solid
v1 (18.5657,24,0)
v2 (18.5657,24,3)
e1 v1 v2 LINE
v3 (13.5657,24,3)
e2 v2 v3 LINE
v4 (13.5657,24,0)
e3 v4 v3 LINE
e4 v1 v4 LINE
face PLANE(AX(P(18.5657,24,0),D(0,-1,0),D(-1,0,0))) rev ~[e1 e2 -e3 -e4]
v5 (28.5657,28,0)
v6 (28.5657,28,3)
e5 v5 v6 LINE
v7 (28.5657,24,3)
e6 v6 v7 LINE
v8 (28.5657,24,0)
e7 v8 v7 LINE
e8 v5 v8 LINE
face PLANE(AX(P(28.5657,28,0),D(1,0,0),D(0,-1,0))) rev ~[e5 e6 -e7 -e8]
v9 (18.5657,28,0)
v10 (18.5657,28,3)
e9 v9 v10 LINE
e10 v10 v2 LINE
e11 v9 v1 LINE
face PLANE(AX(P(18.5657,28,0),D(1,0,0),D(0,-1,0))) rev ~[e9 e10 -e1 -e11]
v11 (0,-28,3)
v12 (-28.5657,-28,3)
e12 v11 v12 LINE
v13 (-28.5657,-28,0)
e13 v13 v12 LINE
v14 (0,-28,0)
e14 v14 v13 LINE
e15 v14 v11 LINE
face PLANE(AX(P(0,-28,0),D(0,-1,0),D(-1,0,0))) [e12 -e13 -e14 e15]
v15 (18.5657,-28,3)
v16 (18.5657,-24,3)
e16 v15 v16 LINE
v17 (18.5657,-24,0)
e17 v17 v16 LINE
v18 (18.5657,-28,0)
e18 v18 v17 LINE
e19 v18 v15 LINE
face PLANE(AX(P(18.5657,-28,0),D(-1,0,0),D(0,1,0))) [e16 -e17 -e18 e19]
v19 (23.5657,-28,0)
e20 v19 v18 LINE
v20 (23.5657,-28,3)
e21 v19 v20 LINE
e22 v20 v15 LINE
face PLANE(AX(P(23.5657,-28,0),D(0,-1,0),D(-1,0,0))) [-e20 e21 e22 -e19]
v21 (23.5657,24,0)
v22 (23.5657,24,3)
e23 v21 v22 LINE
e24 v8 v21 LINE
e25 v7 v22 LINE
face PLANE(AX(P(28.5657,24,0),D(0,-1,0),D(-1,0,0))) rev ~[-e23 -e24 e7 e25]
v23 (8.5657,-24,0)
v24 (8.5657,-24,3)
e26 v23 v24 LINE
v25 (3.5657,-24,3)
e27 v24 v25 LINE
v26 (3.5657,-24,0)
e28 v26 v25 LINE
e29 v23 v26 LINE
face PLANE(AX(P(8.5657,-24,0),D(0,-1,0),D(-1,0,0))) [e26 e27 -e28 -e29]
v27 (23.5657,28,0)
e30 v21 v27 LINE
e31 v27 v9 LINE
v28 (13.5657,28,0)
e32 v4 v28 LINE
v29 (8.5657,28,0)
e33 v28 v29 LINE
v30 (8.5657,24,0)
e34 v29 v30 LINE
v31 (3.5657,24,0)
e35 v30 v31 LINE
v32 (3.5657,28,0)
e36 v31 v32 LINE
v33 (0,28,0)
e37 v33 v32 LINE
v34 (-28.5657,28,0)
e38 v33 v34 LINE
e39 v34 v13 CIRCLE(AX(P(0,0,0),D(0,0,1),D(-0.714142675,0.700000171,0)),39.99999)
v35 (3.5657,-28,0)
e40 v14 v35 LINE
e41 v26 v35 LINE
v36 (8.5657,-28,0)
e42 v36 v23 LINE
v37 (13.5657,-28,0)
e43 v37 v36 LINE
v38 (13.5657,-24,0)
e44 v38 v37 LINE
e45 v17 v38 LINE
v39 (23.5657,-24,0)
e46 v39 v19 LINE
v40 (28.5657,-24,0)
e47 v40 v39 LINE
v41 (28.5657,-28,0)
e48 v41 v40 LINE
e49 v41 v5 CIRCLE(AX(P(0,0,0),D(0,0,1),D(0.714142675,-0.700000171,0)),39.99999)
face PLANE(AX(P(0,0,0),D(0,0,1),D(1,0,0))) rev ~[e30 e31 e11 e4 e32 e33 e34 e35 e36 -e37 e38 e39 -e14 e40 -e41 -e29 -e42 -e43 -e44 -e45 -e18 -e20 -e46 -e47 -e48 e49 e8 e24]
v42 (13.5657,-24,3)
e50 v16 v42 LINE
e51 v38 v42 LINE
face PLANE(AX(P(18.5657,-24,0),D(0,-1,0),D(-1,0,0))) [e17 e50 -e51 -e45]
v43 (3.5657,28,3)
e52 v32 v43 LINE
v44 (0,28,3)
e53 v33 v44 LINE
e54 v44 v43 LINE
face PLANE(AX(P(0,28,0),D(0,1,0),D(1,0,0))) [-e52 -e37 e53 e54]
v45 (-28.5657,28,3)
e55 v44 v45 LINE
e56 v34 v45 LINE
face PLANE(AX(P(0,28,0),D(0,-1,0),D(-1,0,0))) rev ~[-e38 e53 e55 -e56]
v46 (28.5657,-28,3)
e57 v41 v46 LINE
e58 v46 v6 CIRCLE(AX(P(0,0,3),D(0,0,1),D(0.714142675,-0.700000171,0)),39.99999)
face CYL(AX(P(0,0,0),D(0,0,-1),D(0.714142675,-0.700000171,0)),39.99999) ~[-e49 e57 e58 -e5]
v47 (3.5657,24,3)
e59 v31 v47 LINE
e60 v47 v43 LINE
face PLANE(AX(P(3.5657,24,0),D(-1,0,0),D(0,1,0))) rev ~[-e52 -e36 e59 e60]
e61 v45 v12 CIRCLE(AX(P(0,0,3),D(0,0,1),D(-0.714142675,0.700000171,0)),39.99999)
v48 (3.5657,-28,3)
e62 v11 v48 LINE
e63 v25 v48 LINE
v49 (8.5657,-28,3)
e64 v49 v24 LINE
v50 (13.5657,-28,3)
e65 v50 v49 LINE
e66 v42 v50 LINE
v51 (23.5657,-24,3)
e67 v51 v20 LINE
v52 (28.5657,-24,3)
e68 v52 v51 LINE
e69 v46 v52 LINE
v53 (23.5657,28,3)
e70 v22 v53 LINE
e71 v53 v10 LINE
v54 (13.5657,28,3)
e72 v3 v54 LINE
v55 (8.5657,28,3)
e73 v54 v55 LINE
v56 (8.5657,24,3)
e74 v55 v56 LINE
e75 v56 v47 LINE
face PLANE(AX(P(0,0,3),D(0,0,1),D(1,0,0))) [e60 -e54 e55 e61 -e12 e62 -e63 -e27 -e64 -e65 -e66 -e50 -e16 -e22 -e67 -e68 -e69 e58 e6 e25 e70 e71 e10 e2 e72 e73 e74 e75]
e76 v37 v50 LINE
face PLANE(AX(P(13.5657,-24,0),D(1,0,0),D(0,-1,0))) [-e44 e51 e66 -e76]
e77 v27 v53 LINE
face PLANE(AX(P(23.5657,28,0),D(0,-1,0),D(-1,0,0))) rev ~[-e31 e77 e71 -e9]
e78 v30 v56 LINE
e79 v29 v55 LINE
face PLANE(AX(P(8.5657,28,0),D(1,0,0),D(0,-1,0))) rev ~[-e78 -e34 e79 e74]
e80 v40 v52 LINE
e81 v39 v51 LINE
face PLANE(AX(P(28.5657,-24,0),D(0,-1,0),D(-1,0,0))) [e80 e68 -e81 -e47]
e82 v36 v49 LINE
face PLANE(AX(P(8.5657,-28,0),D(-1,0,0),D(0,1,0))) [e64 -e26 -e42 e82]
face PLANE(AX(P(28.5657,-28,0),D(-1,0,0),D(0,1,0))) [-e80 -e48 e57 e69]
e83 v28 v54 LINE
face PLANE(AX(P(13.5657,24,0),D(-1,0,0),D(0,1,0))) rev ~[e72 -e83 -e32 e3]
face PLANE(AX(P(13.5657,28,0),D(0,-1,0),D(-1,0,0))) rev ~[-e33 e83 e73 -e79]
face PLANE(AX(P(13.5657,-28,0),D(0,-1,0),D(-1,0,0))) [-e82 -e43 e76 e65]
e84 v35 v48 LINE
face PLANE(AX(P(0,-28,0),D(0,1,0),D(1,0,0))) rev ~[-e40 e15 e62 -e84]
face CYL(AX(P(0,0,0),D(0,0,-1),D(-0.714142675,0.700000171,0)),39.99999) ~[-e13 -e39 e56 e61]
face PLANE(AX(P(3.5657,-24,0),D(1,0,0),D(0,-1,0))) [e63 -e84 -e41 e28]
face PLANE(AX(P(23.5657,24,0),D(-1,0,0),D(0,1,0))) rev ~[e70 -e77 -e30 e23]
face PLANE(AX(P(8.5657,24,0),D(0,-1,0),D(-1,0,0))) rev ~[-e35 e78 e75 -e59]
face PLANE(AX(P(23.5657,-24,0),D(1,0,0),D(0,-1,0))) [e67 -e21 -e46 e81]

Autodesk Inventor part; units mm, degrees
ref_plane "YZ Plane" through (0, 0, 0) normal (1, 0, 0) x (0, 1, 0)
ref_plane "XZ Plane" through (0, 0, 0) normal (0, 1, 0) x (-1, 0, 0)
ref_plane "XY Plane" through (0, 0, 0) normal (0, 0, 1) x (1, 0, 0)
sketch "Sketch1" plane through (0, 0, 0) normal (0, 0, 1) x (1, 0, 0)
  line L0 (0, 28) -> (-28.5657, 28)
  line L1 (-42.7333, 0) -> (57.4636, 0) construction
  line L2 (0, -28) -> (-28.5657, -28)
  arc A0 (-28.5657, 28) -> (-28.5657, -28) centre (0, 0) ccw
  arc A1 (28.5657, -28) -> (28.5657, 28) centre (0, 0) ccw
  line L3 (28.5657, 28) -> (28.5657, 24)
  line L4 (28.5657, 24) -> (23.5657, 24)
  line L5 (23.5657, 24) -> (23.5657, 28)
  line L6 (23.5657, 28) -> (18.5657, 28)
  line L7 (18.5657, 28) -> (18.5657, 24)
  line L8 (18.5657, 24) -> (13.5657, 24)
  line L9 (13.5657, 24) -> (13.5657, 28)
  line L10 (13.5657, 28) -> (8.5657, 28)
  line L11 (8.5657, 28) -> (8.5657, 24)
  line L12 (8.5657, 24) -> (3.5657, 24)
  line L13 (3.5657, 24) -> (3.5657, 28)
  line L14 (0, 28) -> (3.5657, 28)
  line L15 (8.5657, 28) -> (13.5657, 28)
  line L16 (28.5657, -28) -> (28.5657, -24)
  line L17 (28.5657, -24) -> (23.5657, -24)
  line L18 (23.5657, -24) -> (23.5657, -28)
  line L19 (23.5657, -28) -> (18.5657, -28)
  line L20 (18.5657, -28) -> (18.5657, -24)
  line L21 (18.5657, -24) -> (13.5657, -24)
  line L22 (13.5657, -24) -> (13.5657, -28)
  line L23 (13.5657, -28) -> (8.5657, -28)
  line L24 (8.5657, -28) -> (8.5657, -24)
  line L25 (8.5657, -24) -> (3.5657, -24)
  line L26 (3.5657, -24) -> (3.5657, -28)
  line L27 (8.5657, -28) -> (13.5657, -28)
  line L28 (0, -28) -> (3.5657, -28)
  line L29 (8.5657, -28) -> (13.5657, -28)
  line L30 (18.5657, -28) -> (23.5657, -28)
  dimension "d2" = 40
  dimension "d3" = 40
  dimension "d4" = 4
  dimension "d9" = 5
  dimension "d17" = 4
  dimension "d18" = 4
  dimension "d20" = 4
  dimension "d21" = 4
extrude "Extrusion1" add sketch "Sketch1" along normal blind 3
equation "\"d3\" = d2"
equation "\"d17\" = d4"
equation "\"d18\" = d4"
equation "\"d20\" = d4"
equation "\"d21\" = d4"
properties part number "base"
